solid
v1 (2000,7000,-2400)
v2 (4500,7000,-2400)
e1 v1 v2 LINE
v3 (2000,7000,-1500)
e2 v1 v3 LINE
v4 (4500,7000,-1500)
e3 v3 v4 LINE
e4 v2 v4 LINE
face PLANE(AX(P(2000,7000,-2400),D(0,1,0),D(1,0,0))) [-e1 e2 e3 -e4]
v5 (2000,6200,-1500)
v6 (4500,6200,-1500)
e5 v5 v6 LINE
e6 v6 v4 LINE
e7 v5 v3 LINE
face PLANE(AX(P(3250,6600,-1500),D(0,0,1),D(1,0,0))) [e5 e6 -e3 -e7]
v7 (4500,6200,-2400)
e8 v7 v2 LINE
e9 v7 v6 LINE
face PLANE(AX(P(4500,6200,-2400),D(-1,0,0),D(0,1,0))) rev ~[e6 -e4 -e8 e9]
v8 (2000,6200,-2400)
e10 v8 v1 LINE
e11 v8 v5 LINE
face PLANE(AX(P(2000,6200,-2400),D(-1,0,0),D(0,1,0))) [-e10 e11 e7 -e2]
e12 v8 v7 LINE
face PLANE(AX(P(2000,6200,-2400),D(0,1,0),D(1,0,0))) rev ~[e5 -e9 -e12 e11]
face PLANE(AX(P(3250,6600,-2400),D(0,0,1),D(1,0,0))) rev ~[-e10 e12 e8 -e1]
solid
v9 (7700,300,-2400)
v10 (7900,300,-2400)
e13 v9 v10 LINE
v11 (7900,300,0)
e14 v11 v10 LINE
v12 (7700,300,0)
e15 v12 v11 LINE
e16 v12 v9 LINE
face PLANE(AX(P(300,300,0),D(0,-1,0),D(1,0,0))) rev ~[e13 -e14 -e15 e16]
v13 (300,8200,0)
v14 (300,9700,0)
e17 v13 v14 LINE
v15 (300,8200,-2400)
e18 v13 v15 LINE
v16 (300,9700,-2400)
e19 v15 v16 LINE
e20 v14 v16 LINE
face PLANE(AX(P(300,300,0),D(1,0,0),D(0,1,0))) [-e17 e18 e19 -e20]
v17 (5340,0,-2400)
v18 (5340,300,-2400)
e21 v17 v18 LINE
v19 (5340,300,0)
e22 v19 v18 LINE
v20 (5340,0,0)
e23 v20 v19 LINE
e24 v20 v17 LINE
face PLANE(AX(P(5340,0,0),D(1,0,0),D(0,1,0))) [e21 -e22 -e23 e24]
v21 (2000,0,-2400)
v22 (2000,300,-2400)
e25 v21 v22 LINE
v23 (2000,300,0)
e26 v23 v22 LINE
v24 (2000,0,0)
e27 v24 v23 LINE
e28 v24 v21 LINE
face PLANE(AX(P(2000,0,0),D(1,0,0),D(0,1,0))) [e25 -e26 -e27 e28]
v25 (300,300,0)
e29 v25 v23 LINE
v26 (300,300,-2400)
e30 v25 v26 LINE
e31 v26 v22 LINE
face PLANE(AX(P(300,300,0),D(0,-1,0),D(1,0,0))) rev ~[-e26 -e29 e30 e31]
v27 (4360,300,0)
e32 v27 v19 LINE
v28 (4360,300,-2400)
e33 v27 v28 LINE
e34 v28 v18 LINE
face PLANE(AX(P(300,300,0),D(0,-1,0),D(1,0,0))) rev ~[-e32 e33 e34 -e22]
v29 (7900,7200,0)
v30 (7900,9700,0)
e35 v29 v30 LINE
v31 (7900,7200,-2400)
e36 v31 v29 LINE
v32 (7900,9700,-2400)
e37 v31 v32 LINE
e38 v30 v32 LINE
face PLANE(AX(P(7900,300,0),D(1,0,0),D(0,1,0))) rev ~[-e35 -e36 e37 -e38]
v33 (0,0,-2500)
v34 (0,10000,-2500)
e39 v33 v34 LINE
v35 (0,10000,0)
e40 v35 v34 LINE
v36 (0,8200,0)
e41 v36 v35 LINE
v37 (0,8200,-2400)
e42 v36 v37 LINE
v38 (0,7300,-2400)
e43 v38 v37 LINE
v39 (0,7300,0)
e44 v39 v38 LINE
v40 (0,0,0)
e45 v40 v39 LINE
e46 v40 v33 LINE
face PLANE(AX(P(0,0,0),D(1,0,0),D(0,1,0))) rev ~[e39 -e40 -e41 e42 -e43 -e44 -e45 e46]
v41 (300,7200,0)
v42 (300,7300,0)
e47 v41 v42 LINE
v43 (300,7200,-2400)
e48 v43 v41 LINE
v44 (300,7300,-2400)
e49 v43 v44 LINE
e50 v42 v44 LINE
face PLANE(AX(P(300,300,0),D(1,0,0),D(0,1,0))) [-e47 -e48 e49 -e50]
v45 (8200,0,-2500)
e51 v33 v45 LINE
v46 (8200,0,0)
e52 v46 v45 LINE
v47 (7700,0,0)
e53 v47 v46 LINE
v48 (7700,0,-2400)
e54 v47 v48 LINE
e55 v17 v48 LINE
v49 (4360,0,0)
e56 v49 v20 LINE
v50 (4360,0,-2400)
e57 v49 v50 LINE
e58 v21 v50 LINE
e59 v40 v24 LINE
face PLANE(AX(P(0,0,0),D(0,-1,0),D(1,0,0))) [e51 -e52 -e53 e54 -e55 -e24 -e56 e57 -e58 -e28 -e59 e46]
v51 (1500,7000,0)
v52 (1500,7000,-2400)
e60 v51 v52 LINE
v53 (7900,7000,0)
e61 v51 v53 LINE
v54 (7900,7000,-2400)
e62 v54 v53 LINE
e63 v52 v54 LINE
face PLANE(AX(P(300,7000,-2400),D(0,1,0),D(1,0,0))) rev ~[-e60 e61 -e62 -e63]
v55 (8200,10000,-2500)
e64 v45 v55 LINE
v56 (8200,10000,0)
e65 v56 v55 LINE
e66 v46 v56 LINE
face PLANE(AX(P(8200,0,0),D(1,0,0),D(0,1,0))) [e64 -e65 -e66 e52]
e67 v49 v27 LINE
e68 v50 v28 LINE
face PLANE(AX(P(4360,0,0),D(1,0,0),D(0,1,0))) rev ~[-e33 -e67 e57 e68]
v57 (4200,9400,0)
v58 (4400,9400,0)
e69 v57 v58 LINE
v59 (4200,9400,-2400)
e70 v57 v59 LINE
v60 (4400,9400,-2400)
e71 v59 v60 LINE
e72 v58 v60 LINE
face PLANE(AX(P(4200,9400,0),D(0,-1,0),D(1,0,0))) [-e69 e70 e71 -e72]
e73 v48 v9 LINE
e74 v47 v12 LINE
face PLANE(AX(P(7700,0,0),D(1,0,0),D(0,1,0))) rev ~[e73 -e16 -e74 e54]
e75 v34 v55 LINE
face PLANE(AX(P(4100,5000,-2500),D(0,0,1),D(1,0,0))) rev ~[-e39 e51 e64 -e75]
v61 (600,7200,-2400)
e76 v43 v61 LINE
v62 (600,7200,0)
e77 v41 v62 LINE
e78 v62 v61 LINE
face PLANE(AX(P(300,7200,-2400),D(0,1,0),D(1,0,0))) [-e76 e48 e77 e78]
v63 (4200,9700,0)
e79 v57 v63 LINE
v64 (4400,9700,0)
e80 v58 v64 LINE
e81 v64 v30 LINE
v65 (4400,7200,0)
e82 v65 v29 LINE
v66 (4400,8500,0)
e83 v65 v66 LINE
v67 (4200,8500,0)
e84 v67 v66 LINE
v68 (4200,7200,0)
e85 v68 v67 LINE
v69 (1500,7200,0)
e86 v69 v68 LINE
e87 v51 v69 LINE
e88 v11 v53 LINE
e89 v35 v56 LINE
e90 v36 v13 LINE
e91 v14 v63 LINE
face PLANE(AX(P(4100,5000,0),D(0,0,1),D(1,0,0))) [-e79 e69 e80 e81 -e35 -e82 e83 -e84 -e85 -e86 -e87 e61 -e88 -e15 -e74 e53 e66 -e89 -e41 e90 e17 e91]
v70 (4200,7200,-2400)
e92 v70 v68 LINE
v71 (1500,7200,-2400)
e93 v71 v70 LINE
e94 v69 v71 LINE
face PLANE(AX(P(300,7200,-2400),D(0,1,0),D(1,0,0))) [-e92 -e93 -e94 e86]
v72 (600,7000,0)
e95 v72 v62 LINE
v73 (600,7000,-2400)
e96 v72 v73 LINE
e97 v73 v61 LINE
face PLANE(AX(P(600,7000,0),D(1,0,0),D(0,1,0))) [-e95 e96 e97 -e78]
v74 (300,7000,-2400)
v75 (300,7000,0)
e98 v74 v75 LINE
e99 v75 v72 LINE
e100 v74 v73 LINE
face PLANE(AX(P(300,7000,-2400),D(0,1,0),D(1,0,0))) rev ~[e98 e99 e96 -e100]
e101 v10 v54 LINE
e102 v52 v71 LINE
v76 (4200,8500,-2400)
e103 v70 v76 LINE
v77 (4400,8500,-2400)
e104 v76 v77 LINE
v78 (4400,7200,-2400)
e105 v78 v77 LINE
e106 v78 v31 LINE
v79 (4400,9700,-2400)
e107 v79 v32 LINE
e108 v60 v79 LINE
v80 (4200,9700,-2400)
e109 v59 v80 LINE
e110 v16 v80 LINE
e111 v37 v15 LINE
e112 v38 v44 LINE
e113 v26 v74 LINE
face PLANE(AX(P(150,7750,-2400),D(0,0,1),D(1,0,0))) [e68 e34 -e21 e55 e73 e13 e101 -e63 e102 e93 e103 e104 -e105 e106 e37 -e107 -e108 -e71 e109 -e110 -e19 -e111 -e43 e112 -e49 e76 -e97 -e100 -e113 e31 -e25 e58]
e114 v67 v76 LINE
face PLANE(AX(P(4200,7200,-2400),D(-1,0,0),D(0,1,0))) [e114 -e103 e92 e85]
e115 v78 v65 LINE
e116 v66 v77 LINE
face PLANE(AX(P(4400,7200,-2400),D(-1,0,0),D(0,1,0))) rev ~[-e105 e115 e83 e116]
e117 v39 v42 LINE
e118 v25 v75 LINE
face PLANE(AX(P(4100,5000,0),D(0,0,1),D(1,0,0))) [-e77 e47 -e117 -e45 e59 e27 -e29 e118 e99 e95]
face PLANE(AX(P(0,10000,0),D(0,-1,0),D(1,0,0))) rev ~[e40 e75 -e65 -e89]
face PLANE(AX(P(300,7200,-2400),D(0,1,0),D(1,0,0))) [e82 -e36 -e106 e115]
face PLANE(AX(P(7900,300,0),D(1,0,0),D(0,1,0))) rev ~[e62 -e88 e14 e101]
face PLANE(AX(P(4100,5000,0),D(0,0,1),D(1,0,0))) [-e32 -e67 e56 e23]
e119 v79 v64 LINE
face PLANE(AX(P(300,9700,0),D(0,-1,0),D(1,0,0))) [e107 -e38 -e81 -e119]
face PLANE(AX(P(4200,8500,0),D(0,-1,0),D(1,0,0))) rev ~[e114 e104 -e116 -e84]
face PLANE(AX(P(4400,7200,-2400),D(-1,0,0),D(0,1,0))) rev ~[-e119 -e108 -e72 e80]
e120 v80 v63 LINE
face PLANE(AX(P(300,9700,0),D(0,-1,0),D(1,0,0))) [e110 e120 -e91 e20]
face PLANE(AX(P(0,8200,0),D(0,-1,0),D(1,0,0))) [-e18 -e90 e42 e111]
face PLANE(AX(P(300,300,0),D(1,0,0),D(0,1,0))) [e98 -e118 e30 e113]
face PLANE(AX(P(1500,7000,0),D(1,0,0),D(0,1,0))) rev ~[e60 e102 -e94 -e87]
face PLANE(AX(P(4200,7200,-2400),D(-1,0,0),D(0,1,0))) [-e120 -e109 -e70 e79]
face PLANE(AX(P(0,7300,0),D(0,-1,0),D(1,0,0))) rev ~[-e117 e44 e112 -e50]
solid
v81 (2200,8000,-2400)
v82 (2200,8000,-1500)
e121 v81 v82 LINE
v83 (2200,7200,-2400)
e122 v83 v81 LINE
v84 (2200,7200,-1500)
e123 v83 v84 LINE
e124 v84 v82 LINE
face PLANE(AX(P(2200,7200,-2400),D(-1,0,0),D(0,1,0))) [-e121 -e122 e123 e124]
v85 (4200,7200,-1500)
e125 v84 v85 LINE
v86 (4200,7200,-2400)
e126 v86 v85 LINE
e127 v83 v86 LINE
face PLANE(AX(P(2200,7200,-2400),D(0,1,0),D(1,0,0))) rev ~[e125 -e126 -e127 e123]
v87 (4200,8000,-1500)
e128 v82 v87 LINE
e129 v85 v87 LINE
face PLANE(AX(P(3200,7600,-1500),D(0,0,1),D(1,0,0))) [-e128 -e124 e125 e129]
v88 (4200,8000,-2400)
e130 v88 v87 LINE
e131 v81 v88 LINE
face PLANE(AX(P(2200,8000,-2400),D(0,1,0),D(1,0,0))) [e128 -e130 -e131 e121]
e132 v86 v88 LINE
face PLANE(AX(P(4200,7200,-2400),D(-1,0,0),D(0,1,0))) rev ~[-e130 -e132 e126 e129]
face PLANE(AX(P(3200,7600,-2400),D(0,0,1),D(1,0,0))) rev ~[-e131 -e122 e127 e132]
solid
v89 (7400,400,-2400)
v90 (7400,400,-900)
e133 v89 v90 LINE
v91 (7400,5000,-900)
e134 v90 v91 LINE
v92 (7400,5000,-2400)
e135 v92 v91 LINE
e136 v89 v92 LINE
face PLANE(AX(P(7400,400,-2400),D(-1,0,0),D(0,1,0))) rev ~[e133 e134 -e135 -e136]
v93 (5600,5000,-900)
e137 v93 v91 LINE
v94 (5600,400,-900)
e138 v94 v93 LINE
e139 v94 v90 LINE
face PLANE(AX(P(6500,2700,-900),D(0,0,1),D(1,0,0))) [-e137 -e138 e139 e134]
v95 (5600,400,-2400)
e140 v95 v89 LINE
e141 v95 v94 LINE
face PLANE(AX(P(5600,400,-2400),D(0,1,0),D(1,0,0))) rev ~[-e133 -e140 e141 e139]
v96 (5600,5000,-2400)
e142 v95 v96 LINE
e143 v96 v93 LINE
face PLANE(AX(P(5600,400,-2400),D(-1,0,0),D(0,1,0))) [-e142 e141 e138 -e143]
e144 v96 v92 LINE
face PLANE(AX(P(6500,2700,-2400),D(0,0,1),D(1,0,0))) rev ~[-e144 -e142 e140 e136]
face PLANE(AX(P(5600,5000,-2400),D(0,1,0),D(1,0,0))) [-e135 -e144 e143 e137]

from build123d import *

# Parameters (mm, degrees)
F0_W      = 8200
F0_H      = 10000
F3_DEPTH  = 2500
F1_W      = 7600
F1_H      = 9400
F4_DEPTH  = 2400
F2_W      = 2360
F2_H      = 300
F5_DEPTH  = 2400
F6_W      = 7600
F6_H      = 200
F7_DEPTH  = 2400
F8_W      = 200
F8_H      = 2500
F9_DEPTH  = 2400
F10_W     = 900
F10_H     = 200
F10_W_2   = 200
F10_H_2   = 900
F10_W_3   = 300
F11_DEPTH = 2400
F12_W     = 2000
F12_H     = 800
F13_DEPTH = 900
F14_W     = 1800
F14_H     = 4600
F15_DEPTH = 1500
F16_W     = 2500
F16_H     = 800
F17_DEPTH = 900


with BuildPart() as f3:
    # F0 (on Top) → F3 (new body)
    with BuildSketch(Plane.XY):
        with Locations((4100, 5000)):
            Rectangle(F0_W, F0_H)
    extrude(amount=-F3_DEPTH)

    # F1 (on face) → F4 (cut)
    with BuildSketch(Plane.XY):
        with Locations((4100, 5000)):
            Rectangle(F1_W, F1_H)
    extrude(amount=-F4_DEPTH, mode=Mode.SUBTRACT)

    # F2 (on face) → F5 (cut)
    with BuildSketch(Plane.XY):
        with Locations((3180, 150)):
            Rectangle(F2_W, F2_H)
        with Locations((6520, 150)):
            Rectangle(F2_W, F2_H)
    extrude(amount=-F5_DEPTH, mode=Mode.SUBTRACT)

    # F6 (on face) → F7 (join)
    with BuildSketch(Plane.XY.offset(-2400)):
        with Locations((4100, 7100)):
            Rectangle(F6_W, F6_H)
    extrude(amount=F7_DEPTH)

    # F8 (on face) → F9 (join)
    with BuildSketch(Plane.XY.offset(-2400)):
        with Locations((4300, 8450)):
            Rectangle(F8_W, F8_H)
    extrude(amount=F9_DEPTH)

    # F10 (on face) → F11 (cut)
    with BuildSketch(Plane.XY):
        with Locations((1050, 7100)):
            Rectangle(F10_W, F10_H)
        with Locations((4300, 8950)):
            Rectangle(F10_W_2, F10_H_2)
        with Locations((150, 7750)):
            Rectangle(F10_W_3, F10_H_2)
    extrude(amount=-F11_DEPTH, mode=Mode.SUBTRACT)


with BuildPart() as f13:
    # F12 (on face) → F13 (new body)
    with BuildSketch(Plane.XY.offset(-2400)):
        with Locations((3200, 7600)):
            Rectangle(F12_W, F12_H)
    extrude(amount=F13_DEPTH)


with BuildPart() as f15:
    # F14 (on face) → F15 (new body)
    with BuildSketch(Plane.XY.offset(-2400)):
        with Locations((6500, 2700)):
            Rectangle(F14_W, F14_H)
    extrude(amount=F15_DEPTH)


with BuildPart() as f17:
    # F16 (on face) → F17 (new body)
    with BuildSketch(Plane.XY.offset(-2400)):
        with Locations((3250, 6600)):
            Rectangle(F16_W, F16_H)
    extrude(amount=F17_DEPTH)


solid = Compound([f3.part, f13.part, f15.part, f17.part])
